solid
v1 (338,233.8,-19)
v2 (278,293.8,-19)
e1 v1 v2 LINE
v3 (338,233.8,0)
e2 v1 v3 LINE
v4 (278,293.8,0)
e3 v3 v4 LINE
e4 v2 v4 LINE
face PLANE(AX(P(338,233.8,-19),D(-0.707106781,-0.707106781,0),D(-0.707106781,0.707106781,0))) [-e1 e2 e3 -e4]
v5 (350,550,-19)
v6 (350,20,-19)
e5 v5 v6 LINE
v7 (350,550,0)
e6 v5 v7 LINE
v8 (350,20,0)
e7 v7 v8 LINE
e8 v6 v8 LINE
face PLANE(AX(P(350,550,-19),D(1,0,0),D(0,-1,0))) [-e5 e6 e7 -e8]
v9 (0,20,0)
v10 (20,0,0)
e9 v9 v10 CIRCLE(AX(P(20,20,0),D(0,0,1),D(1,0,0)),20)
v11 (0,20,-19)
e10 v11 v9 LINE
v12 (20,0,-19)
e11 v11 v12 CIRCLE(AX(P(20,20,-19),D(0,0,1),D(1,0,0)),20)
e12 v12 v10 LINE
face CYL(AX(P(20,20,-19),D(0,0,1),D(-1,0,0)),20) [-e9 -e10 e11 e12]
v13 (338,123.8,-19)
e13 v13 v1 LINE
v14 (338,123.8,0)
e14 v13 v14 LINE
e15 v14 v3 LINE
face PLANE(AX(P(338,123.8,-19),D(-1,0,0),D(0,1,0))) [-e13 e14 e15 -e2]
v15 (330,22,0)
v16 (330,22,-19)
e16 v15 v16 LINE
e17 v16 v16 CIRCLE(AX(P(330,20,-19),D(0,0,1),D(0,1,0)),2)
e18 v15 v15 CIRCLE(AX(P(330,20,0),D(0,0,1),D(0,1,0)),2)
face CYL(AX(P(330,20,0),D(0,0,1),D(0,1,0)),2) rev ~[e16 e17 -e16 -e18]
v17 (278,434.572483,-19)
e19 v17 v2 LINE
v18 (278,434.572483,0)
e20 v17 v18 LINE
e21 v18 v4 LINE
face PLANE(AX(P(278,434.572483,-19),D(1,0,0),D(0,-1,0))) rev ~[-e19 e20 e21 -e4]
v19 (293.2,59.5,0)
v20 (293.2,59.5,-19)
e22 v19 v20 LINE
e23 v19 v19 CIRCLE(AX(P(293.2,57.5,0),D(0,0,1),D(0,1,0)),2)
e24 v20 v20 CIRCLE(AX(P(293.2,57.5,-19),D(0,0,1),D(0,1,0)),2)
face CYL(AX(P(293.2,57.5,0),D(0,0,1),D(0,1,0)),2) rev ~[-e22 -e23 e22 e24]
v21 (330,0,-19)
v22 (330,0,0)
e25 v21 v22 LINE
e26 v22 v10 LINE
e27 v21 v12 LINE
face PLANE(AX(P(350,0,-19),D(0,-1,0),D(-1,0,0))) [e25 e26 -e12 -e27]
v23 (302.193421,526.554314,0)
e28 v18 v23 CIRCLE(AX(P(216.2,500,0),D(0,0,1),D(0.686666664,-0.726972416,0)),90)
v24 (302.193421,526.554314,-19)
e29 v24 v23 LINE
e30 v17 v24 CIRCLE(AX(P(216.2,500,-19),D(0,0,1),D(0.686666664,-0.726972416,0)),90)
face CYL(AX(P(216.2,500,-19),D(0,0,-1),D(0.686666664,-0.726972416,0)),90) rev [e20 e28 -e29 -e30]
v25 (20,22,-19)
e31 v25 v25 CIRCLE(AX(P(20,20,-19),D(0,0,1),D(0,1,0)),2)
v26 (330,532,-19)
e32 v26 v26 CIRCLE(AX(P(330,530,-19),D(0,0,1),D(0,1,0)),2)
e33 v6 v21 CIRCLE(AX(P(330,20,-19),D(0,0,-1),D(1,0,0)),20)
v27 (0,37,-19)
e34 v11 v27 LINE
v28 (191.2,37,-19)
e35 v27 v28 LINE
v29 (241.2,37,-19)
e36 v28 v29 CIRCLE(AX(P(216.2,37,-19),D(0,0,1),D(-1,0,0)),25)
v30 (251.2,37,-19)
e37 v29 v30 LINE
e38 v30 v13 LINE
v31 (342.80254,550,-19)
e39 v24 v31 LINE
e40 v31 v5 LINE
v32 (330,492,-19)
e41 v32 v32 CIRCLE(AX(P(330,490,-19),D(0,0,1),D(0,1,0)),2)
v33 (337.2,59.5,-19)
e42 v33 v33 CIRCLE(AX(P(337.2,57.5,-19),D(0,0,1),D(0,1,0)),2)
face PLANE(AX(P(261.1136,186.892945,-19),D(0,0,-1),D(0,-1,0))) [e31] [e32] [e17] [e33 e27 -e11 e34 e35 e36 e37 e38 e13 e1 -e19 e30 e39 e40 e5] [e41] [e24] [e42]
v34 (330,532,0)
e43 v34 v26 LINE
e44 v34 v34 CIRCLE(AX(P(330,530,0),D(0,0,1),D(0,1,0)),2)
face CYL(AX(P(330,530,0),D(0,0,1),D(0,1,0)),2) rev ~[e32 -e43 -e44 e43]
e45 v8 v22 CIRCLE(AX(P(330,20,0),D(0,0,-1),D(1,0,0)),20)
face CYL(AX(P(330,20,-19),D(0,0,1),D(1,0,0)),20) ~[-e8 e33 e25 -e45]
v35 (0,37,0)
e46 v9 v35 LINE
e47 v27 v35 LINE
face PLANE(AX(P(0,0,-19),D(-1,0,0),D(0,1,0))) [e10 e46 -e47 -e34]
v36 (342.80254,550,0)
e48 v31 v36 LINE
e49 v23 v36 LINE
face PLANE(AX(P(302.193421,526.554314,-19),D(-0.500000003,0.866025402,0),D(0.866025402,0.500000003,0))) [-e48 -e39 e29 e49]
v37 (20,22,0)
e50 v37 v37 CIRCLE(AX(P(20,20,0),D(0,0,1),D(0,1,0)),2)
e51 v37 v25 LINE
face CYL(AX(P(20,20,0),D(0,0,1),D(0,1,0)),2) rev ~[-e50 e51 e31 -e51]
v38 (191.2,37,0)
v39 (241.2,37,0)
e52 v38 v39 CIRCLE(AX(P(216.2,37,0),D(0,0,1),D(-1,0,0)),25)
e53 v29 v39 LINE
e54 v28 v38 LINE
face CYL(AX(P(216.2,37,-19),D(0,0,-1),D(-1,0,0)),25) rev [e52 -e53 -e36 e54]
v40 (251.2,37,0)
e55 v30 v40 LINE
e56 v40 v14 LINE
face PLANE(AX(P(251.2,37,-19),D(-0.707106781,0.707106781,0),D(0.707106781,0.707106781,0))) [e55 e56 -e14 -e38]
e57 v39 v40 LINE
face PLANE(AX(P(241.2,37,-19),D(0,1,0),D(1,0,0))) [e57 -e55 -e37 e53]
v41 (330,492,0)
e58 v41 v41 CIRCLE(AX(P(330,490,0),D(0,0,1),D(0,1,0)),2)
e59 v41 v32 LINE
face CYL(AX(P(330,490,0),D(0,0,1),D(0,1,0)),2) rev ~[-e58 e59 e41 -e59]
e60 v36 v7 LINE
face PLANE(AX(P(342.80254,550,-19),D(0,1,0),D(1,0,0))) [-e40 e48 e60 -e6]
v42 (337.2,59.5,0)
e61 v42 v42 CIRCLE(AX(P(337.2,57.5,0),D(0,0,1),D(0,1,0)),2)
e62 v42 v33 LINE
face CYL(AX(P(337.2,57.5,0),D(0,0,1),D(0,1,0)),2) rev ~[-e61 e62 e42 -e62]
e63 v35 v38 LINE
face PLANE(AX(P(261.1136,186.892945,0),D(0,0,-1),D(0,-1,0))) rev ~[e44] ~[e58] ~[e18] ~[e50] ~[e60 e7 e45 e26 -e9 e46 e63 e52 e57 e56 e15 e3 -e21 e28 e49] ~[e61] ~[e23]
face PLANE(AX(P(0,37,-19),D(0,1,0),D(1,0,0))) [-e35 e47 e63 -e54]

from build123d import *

# Parameters (mm, degrees)
PAD013_DEPTH          = 19
FILLET001_R           = 20
SKETCH022_R           = 2
POCKET013_DEPTH       = 19.001
SKETCH027_R           = 2
POCKET017_DEPTH       = 19.001
SKETCH069_R           = 2
POCKET044_DEPTH       = 19.001
CLONE_PLACEMENT_ANGLE = 90


with BuildPart() as part:
    # Sketch015 → Pad013 (new body)
    with BuildSketch(Plane.XY):
        with BuildLine():
            Line((-275, 216.2), (-238, 216.2))
            Line((-238, 216.2), (-238, 25))
            ThreePointArc((-238, 25), (-263, 0), (-238, -25))
            Line((-238, -25), (-238, -35))
            Line((-238, -35), (-151.2, -121.8))
            Line((-151.2, -121.8), (-41.2, -121.8))
            Line((-41.2, -121.8), (18.8, -61.8))
            Line((159.572483, -61.8), (18.8, -61.8))
            ThreePointArc((159.572483, -61.8), (202.10651, -87.039578), (251.554314, -85.993421))
            Line((251.554314, -85.993421), (275, -126.60254))
            Line((275, -126.60254), (275, -133.8))
            Line((275, -133.8), (-275, -133.8))
            Line((-275, -133.8), (-275, 216.2))
        make_face()
    extrude(amount=PAD013_DEPTH)

    # Fillet001
    fillet001_edges = [part.edges().sort_by_distance(p)[0] for p in [
        (-275, 216.2, 9.5),
        (-275, -133.8, 9.5),
    ]]
    fillet(fillet001_edges, radius=FILLET001_R)

    # Sketch022 (on Face5 of Fillet001) → Pocket013 (cut, through all)
    with BuildSketch(Plane.XY.offset(19)):
        with Locations((-255, 196.2)):
            Circle(SKETCH022_R)
        with Locations((-255, -113.8)):
            Circle(SKETCH022_R)
        with Locations((215, -113.8)):
            Circle(SKETCH022_R)
    extrude(amount=-POCKET013_DEPTH, mode=Mode.SUBTRACT)

    # Sketch027 (on Face5 of Pocket013) → Pocket017 (cut, through all)
    with BuildSketch(Plane.XY.offset(19)):
        with Locations((255, -113.8)):
            Circle(SKETCH027_R)
    extrude(amount=-POCKET017_DEPTH, mode=Mode.SUBTRACT)

    # Sketch069 (on Face5 of Pocket017) → Pocket044 (cut, through all)
    with BuildSketch(Plane.XY.offset(19)):
        with Locations((-217.5, -77)):
            Circle(SKETCH069_R)
        with Locations((-217.5, -121)):
            Circle(SKETCH069_R)
    extrude(amount=-POCKET044_DEPTH, mode=Mode.SUBTRACT)


with BuildPart() as part_1:
    # Body009 placement: moved
    add(part.part.moved(Location((0, 0, -9))))


with BuildPart() as part_2:
    # Clone placement: moved
    add(part_1.part.moved(Location((216.2, 275, -10))).rotate(Axis((216.2, 275, -10), (0, 0, 1)), CLONE_PLACEMENT_ANGLE))


solid = part_2.part
